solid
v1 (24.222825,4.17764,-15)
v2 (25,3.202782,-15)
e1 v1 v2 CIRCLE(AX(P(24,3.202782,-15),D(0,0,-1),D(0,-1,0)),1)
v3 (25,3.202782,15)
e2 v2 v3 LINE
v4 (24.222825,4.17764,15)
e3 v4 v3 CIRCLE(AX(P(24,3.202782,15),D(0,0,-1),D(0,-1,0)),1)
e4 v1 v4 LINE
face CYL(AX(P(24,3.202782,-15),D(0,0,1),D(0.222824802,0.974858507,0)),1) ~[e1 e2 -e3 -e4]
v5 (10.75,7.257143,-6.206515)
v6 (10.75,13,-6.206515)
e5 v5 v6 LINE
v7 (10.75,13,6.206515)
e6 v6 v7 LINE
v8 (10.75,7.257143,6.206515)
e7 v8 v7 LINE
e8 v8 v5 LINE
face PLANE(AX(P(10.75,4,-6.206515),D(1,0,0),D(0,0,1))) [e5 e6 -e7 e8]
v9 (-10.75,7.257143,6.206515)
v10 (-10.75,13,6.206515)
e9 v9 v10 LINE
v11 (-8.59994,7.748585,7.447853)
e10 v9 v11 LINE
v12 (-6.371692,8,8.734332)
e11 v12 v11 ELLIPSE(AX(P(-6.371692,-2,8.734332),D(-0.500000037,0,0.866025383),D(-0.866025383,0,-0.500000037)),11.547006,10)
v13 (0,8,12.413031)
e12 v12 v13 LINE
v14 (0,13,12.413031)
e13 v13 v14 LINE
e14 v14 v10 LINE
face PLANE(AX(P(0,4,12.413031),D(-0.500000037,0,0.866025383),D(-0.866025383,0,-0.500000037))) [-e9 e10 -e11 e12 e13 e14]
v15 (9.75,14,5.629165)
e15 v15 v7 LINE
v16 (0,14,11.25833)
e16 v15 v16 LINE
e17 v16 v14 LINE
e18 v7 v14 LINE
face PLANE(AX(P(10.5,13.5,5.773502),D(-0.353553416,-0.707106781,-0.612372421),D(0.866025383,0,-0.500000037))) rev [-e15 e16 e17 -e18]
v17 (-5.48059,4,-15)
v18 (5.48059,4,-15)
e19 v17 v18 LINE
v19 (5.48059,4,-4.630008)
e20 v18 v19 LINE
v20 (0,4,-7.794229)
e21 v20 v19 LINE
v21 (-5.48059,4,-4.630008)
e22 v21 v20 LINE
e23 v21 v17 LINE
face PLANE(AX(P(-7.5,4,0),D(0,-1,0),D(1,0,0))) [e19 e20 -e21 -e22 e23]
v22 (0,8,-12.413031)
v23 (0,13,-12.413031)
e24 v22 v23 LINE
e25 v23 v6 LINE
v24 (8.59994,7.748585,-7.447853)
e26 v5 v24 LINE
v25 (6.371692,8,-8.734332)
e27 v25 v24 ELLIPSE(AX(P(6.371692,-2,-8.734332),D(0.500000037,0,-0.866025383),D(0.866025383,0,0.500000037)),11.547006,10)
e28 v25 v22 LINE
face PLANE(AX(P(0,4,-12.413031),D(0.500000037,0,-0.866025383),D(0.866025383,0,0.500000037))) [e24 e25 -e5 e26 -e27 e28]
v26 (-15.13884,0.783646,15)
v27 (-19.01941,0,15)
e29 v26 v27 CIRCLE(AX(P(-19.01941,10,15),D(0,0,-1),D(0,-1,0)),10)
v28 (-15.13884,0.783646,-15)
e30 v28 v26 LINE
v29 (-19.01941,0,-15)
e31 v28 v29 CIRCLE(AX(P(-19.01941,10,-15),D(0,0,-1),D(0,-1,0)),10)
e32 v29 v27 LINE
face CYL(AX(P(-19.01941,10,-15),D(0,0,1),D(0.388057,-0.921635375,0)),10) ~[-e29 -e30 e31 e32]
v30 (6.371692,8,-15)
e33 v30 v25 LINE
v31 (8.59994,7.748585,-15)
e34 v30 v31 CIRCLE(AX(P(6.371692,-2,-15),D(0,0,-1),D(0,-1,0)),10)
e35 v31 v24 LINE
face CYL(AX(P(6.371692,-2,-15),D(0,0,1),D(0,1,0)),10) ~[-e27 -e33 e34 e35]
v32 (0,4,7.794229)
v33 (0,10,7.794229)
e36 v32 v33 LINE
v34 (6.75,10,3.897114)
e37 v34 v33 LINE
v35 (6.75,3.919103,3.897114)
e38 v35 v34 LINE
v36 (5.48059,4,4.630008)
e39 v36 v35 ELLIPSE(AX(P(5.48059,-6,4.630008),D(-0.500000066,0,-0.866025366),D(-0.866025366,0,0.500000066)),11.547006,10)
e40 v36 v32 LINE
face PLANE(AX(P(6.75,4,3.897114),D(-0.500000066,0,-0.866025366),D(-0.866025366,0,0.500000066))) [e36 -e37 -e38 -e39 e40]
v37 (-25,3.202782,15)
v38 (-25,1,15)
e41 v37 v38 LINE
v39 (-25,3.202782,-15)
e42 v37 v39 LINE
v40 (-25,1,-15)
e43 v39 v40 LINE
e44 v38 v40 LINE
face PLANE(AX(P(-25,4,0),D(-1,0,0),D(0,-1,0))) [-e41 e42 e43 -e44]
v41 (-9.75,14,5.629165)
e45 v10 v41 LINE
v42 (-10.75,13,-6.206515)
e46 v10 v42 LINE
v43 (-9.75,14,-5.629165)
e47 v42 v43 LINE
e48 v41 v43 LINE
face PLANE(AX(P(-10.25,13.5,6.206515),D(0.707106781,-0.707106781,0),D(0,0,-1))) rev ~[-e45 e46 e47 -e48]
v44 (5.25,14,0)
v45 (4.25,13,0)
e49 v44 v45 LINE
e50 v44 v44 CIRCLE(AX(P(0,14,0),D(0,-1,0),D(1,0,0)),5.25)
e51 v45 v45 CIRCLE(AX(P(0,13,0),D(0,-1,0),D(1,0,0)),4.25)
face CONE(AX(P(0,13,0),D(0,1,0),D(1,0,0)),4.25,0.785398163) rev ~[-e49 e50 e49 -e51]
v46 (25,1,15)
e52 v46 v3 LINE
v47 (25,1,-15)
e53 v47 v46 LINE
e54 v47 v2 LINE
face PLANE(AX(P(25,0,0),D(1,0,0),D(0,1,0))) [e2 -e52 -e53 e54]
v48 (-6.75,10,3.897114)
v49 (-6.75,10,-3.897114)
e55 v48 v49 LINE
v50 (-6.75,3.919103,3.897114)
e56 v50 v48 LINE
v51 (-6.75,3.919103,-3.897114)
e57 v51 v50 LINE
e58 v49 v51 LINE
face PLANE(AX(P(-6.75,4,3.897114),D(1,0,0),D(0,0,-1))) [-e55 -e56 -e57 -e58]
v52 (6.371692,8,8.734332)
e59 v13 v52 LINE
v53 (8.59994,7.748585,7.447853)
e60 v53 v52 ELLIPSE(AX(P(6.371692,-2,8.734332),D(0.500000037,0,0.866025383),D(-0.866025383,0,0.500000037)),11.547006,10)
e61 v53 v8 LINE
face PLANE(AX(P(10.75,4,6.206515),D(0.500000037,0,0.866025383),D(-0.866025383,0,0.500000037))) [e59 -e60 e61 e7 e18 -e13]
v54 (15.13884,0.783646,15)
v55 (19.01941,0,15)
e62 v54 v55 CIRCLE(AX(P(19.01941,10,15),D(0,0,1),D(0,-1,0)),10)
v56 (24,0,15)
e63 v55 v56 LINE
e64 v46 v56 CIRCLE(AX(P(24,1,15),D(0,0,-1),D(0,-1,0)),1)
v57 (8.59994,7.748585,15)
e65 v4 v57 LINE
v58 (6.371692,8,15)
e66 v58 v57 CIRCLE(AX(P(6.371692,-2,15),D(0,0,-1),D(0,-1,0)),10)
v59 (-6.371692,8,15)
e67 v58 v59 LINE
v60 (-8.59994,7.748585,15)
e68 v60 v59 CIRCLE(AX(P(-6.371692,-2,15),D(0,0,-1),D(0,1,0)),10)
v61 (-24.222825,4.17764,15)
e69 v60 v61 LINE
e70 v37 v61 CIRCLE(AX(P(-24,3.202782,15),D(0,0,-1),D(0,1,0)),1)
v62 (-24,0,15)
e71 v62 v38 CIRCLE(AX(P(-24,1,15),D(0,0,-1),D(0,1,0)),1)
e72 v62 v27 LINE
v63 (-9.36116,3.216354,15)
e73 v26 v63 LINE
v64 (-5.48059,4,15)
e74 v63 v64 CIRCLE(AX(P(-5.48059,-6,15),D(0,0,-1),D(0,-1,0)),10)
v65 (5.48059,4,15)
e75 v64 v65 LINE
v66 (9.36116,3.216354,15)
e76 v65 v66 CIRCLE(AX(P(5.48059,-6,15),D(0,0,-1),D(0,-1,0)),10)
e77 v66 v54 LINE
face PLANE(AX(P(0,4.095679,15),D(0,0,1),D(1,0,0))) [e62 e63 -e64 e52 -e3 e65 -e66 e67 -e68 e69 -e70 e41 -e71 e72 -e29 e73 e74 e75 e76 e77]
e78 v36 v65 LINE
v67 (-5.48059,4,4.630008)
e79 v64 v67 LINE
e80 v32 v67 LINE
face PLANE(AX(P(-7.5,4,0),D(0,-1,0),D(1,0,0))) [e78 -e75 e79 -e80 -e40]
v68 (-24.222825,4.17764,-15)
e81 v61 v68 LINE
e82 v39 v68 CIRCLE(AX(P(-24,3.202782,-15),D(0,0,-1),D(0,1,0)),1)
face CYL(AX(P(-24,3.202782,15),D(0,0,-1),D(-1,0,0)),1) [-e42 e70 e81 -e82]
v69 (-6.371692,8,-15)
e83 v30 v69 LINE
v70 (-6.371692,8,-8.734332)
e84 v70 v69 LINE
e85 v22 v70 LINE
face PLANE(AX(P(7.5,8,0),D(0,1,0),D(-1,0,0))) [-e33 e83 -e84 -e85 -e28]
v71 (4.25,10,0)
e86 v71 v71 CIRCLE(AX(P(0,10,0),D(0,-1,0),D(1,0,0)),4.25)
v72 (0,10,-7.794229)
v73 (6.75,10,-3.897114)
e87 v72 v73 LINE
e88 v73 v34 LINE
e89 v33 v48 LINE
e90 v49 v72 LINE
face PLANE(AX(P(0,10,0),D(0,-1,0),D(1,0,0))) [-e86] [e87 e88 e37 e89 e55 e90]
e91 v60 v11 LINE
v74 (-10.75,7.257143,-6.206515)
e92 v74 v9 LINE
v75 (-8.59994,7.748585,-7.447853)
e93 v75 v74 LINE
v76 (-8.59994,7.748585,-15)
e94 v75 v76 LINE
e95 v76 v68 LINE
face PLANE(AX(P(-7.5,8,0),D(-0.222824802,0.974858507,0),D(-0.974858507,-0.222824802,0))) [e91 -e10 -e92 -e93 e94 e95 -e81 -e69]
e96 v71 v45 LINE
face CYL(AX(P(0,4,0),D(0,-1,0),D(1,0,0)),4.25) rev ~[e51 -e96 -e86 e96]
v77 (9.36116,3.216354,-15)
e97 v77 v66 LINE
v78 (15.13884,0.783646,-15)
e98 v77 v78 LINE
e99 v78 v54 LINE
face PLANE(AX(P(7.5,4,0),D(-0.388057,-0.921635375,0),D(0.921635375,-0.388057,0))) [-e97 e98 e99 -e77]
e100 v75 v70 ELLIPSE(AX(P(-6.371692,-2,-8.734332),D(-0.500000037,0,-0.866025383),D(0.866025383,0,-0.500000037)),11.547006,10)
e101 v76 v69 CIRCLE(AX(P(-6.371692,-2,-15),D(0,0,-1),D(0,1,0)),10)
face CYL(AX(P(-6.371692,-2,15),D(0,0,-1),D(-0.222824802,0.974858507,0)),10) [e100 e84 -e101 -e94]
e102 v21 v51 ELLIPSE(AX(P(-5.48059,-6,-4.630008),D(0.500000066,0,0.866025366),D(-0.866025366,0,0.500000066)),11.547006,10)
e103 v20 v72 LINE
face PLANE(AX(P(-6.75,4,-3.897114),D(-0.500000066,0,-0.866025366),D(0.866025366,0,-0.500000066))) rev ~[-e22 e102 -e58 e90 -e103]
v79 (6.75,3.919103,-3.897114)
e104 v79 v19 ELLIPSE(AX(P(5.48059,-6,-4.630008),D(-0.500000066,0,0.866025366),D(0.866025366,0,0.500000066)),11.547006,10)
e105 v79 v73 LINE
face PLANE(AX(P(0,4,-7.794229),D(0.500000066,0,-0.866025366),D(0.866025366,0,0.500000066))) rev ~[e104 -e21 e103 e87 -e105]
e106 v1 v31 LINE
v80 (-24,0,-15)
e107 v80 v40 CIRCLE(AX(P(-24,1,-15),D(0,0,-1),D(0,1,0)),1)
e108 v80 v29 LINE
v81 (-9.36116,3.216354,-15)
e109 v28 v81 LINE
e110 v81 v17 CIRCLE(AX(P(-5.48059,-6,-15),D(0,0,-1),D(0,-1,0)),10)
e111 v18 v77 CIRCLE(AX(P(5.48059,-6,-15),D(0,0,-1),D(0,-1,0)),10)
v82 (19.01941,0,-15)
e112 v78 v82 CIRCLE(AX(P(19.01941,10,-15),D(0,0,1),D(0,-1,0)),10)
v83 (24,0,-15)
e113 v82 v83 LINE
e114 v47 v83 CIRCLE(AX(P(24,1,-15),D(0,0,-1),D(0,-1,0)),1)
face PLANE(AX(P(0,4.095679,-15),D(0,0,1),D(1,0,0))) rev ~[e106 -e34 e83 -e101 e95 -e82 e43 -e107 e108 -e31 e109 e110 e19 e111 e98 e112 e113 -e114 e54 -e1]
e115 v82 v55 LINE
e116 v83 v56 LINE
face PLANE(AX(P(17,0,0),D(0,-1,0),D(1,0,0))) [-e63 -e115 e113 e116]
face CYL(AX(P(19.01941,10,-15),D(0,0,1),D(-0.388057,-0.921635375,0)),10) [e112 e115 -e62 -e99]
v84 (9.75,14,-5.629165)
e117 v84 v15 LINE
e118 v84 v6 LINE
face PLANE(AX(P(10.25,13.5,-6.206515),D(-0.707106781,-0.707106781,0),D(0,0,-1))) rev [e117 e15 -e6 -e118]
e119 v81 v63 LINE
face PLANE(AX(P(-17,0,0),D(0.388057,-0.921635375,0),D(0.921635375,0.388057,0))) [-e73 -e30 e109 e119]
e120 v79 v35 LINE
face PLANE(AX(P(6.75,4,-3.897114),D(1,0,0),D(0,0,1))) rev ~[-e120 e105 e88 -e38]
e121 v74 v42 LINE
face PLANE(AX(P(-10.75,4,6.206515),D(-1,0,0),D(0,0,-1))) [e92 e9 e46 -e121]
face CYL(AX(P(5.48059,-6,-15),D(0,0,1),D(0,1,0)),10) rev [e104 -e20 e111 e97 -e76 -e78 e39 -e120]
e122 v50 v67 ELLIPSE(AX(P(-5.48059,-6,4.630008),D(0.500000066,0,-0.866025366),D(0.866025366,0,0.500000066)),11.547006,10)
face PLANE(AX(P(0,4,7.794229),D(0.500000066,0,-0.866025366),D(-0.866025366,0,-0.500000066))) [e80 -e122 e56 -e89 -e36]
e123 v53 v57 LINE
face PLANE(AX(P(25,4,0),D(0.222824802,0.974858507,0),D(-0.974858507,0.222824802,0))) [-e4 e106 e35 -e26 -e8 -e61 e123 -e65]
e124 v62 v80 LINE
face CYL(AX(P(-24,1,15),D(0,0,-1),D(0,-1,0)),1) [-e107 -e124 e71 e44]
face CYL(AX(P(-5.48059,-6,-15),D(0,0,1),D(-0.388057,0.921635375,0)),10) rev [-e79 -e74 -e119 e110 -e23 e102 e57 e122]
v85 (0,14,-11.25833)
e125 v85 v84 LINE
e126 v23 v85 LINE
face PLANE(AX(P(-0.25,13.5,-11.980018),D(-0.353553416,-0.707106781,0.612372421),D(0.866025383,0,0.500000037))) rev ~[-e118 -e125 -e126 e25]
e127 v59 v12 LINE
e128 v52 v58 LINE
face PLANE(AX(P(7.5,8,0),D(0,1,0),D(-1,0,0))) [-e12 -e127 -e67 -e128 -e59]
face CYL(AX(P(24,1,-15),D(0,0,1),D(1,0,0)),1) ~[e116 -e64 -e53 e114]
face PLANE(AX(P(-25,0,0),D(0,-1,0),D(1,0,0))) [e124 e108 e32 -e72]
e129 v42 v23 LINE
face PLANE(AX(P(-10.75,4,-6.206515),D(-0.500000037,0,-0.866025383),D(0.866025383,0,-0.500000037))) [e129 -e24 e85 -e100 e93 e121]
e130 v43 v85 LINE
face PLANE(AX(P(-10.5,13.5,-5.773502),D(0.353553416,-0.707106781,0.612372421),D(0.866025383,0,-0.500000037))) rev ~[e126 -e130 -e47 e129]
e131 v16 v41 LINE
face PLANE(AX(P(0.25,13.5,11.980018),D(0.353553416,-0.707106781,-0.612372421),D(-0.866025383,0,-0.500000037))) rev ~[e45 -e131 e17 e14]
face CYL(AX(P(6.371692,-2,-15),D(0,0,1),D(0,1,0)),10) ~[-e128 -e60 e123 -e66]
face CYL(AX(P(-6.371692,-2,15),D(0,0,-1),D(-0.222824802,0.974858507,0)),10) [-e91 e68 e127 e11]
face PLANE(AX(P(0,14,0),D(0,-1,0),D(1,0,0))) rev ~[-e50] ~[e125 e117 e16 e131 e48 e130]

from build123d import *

# Parameters (mm, degrees)
PAD_DEPTH            = 15
SKETCH001_R          = 4.25
HOLE_DEPTH           = 25
CHAMFER_SIZE         = 1
FILLET_R             = 10
FILLET001_R          = 1
FILLET002_R          = 10
PAD003_DEPTH         = 10
SKETCH010_R          = 4.25
HOLE005_DEPTH        = 25
POCKET002_DEPTH      = 6
POCKET002_DEPTH_BACK = 15
CHAMFER003_SIZE      = 1


with BuildPart() as part:
    # Sketch → Pad (new body, symmetric)
    with BuildSketch(Plane.XY):
        Polygon((-25, 0), (-17, 0), (-7.5, 4), (7.5, 4), (17, 0), (25, 0), (25, 4), (7.5, 8), (-7.5, 8), (-25, 4), align=None)
    extrude(amount=PAD_DEPTH, both=True)

    # Sketch001 → Hole (cut)
    with BuildSketch(Plane.XZ):
        Circle(SKETCH001_R)
    extrude(amount=-HOLE_DEPTH, mode=Mode.SUBTRACT)

    # Chamfer
    chamfer_edges = [part.edges().sort_by_distance(p)[0] for p in [
        (4.25, 4, 0),
        (4.25, 8, 0),
    ]]
    chamfer(chamfer_edges, length=CHAMFER_SIZE)

    # Fillet
    fillet_edges = [part.edges().sort_by_distance(p)[0] for p in [
        (-17, 0, 0),
        (17, 0, 0),
    ]]
    fillet(fillet_edges, radius=FILLET_R)

    # Fillet001
    fillet001_edges = [part.edges().sort_by_distance(p)[0] for p in [
        (25, 0, 0),
        (25, 4, 0),
        (-25, 0, 0),
        (-25, 4, 0),
    ]]
    fillet(fillet001_edges, radius=FILLET001_R)

    # Fillet002
    fillet002_edges = [part.edges().sort_by_distance(p)[0] for p in [
        (-7.5, 4, 0),
        (7.5, 4, 0),
        (7.5, 8, 0),
        (-7.5, 8, 0),
    ]]
    fillet(fillet002_edges, radius=FILLET002_R)

    # Sketch009 (on Face5 of Clone) → Pad003 (new body)
    with BuildSketch(Plane.XZ.offset(-4)):
        Polygon((10.75, -6.206515), (10.75, 6.206515), (0, 12.413031), (-10.75, 6.206515), (-10.75, -6.206515), (0, -12.413031), align=None)
    extrude(amount=-PAD003_DEPTH)

    # Sketch010 (on Face34 of Pad003) → Hole005 (cut)
    with BuildSketch(Plane.XZ.offset(-4)):
        Circle(SKETCH010_R)
    extrude(amount=-HOLE005_DEPTH, mode=Mode.SUBTRACT)

    # Sketch011 (on Face23 of Hole005) → Pocket002 (cut, two sides)
    with BuildSketch(Plane.XZ.offset(-4)) as pocket002_sk:
        Polygon((6.75, -3.897114), (6.75, 3.897114), (0, 7.794229), (-6.75, 3.897114), (-6.75, -3.897114), (0, -7.794229), align=None)
    extrude(amount=-POCKET002_DEPTH, mode=Mode.SUBTRACT)
    extrude(pocket002_sk.sketch, amount=POCKET002_DEPTH_BACK, mode=Mode.SUBTRACT)

    # Chamfer003
    chamfer003_edges = [part.edges().sort_by_distance(p)[0] for p in [
        (10.75, 14, 0),
        (5.375, 14, -9.309773),
        (5.375, 14, 9.309773),
        (-5.375, 14, -9.309773),
        (-5.375, 14, 9.309773),
        (-10.75, 14, 0),
        (4.25, 14, 0),
    ]]
    chamfer(chamfer003_edges, length=CHAMFER003_SIZE)


solid = part.part
